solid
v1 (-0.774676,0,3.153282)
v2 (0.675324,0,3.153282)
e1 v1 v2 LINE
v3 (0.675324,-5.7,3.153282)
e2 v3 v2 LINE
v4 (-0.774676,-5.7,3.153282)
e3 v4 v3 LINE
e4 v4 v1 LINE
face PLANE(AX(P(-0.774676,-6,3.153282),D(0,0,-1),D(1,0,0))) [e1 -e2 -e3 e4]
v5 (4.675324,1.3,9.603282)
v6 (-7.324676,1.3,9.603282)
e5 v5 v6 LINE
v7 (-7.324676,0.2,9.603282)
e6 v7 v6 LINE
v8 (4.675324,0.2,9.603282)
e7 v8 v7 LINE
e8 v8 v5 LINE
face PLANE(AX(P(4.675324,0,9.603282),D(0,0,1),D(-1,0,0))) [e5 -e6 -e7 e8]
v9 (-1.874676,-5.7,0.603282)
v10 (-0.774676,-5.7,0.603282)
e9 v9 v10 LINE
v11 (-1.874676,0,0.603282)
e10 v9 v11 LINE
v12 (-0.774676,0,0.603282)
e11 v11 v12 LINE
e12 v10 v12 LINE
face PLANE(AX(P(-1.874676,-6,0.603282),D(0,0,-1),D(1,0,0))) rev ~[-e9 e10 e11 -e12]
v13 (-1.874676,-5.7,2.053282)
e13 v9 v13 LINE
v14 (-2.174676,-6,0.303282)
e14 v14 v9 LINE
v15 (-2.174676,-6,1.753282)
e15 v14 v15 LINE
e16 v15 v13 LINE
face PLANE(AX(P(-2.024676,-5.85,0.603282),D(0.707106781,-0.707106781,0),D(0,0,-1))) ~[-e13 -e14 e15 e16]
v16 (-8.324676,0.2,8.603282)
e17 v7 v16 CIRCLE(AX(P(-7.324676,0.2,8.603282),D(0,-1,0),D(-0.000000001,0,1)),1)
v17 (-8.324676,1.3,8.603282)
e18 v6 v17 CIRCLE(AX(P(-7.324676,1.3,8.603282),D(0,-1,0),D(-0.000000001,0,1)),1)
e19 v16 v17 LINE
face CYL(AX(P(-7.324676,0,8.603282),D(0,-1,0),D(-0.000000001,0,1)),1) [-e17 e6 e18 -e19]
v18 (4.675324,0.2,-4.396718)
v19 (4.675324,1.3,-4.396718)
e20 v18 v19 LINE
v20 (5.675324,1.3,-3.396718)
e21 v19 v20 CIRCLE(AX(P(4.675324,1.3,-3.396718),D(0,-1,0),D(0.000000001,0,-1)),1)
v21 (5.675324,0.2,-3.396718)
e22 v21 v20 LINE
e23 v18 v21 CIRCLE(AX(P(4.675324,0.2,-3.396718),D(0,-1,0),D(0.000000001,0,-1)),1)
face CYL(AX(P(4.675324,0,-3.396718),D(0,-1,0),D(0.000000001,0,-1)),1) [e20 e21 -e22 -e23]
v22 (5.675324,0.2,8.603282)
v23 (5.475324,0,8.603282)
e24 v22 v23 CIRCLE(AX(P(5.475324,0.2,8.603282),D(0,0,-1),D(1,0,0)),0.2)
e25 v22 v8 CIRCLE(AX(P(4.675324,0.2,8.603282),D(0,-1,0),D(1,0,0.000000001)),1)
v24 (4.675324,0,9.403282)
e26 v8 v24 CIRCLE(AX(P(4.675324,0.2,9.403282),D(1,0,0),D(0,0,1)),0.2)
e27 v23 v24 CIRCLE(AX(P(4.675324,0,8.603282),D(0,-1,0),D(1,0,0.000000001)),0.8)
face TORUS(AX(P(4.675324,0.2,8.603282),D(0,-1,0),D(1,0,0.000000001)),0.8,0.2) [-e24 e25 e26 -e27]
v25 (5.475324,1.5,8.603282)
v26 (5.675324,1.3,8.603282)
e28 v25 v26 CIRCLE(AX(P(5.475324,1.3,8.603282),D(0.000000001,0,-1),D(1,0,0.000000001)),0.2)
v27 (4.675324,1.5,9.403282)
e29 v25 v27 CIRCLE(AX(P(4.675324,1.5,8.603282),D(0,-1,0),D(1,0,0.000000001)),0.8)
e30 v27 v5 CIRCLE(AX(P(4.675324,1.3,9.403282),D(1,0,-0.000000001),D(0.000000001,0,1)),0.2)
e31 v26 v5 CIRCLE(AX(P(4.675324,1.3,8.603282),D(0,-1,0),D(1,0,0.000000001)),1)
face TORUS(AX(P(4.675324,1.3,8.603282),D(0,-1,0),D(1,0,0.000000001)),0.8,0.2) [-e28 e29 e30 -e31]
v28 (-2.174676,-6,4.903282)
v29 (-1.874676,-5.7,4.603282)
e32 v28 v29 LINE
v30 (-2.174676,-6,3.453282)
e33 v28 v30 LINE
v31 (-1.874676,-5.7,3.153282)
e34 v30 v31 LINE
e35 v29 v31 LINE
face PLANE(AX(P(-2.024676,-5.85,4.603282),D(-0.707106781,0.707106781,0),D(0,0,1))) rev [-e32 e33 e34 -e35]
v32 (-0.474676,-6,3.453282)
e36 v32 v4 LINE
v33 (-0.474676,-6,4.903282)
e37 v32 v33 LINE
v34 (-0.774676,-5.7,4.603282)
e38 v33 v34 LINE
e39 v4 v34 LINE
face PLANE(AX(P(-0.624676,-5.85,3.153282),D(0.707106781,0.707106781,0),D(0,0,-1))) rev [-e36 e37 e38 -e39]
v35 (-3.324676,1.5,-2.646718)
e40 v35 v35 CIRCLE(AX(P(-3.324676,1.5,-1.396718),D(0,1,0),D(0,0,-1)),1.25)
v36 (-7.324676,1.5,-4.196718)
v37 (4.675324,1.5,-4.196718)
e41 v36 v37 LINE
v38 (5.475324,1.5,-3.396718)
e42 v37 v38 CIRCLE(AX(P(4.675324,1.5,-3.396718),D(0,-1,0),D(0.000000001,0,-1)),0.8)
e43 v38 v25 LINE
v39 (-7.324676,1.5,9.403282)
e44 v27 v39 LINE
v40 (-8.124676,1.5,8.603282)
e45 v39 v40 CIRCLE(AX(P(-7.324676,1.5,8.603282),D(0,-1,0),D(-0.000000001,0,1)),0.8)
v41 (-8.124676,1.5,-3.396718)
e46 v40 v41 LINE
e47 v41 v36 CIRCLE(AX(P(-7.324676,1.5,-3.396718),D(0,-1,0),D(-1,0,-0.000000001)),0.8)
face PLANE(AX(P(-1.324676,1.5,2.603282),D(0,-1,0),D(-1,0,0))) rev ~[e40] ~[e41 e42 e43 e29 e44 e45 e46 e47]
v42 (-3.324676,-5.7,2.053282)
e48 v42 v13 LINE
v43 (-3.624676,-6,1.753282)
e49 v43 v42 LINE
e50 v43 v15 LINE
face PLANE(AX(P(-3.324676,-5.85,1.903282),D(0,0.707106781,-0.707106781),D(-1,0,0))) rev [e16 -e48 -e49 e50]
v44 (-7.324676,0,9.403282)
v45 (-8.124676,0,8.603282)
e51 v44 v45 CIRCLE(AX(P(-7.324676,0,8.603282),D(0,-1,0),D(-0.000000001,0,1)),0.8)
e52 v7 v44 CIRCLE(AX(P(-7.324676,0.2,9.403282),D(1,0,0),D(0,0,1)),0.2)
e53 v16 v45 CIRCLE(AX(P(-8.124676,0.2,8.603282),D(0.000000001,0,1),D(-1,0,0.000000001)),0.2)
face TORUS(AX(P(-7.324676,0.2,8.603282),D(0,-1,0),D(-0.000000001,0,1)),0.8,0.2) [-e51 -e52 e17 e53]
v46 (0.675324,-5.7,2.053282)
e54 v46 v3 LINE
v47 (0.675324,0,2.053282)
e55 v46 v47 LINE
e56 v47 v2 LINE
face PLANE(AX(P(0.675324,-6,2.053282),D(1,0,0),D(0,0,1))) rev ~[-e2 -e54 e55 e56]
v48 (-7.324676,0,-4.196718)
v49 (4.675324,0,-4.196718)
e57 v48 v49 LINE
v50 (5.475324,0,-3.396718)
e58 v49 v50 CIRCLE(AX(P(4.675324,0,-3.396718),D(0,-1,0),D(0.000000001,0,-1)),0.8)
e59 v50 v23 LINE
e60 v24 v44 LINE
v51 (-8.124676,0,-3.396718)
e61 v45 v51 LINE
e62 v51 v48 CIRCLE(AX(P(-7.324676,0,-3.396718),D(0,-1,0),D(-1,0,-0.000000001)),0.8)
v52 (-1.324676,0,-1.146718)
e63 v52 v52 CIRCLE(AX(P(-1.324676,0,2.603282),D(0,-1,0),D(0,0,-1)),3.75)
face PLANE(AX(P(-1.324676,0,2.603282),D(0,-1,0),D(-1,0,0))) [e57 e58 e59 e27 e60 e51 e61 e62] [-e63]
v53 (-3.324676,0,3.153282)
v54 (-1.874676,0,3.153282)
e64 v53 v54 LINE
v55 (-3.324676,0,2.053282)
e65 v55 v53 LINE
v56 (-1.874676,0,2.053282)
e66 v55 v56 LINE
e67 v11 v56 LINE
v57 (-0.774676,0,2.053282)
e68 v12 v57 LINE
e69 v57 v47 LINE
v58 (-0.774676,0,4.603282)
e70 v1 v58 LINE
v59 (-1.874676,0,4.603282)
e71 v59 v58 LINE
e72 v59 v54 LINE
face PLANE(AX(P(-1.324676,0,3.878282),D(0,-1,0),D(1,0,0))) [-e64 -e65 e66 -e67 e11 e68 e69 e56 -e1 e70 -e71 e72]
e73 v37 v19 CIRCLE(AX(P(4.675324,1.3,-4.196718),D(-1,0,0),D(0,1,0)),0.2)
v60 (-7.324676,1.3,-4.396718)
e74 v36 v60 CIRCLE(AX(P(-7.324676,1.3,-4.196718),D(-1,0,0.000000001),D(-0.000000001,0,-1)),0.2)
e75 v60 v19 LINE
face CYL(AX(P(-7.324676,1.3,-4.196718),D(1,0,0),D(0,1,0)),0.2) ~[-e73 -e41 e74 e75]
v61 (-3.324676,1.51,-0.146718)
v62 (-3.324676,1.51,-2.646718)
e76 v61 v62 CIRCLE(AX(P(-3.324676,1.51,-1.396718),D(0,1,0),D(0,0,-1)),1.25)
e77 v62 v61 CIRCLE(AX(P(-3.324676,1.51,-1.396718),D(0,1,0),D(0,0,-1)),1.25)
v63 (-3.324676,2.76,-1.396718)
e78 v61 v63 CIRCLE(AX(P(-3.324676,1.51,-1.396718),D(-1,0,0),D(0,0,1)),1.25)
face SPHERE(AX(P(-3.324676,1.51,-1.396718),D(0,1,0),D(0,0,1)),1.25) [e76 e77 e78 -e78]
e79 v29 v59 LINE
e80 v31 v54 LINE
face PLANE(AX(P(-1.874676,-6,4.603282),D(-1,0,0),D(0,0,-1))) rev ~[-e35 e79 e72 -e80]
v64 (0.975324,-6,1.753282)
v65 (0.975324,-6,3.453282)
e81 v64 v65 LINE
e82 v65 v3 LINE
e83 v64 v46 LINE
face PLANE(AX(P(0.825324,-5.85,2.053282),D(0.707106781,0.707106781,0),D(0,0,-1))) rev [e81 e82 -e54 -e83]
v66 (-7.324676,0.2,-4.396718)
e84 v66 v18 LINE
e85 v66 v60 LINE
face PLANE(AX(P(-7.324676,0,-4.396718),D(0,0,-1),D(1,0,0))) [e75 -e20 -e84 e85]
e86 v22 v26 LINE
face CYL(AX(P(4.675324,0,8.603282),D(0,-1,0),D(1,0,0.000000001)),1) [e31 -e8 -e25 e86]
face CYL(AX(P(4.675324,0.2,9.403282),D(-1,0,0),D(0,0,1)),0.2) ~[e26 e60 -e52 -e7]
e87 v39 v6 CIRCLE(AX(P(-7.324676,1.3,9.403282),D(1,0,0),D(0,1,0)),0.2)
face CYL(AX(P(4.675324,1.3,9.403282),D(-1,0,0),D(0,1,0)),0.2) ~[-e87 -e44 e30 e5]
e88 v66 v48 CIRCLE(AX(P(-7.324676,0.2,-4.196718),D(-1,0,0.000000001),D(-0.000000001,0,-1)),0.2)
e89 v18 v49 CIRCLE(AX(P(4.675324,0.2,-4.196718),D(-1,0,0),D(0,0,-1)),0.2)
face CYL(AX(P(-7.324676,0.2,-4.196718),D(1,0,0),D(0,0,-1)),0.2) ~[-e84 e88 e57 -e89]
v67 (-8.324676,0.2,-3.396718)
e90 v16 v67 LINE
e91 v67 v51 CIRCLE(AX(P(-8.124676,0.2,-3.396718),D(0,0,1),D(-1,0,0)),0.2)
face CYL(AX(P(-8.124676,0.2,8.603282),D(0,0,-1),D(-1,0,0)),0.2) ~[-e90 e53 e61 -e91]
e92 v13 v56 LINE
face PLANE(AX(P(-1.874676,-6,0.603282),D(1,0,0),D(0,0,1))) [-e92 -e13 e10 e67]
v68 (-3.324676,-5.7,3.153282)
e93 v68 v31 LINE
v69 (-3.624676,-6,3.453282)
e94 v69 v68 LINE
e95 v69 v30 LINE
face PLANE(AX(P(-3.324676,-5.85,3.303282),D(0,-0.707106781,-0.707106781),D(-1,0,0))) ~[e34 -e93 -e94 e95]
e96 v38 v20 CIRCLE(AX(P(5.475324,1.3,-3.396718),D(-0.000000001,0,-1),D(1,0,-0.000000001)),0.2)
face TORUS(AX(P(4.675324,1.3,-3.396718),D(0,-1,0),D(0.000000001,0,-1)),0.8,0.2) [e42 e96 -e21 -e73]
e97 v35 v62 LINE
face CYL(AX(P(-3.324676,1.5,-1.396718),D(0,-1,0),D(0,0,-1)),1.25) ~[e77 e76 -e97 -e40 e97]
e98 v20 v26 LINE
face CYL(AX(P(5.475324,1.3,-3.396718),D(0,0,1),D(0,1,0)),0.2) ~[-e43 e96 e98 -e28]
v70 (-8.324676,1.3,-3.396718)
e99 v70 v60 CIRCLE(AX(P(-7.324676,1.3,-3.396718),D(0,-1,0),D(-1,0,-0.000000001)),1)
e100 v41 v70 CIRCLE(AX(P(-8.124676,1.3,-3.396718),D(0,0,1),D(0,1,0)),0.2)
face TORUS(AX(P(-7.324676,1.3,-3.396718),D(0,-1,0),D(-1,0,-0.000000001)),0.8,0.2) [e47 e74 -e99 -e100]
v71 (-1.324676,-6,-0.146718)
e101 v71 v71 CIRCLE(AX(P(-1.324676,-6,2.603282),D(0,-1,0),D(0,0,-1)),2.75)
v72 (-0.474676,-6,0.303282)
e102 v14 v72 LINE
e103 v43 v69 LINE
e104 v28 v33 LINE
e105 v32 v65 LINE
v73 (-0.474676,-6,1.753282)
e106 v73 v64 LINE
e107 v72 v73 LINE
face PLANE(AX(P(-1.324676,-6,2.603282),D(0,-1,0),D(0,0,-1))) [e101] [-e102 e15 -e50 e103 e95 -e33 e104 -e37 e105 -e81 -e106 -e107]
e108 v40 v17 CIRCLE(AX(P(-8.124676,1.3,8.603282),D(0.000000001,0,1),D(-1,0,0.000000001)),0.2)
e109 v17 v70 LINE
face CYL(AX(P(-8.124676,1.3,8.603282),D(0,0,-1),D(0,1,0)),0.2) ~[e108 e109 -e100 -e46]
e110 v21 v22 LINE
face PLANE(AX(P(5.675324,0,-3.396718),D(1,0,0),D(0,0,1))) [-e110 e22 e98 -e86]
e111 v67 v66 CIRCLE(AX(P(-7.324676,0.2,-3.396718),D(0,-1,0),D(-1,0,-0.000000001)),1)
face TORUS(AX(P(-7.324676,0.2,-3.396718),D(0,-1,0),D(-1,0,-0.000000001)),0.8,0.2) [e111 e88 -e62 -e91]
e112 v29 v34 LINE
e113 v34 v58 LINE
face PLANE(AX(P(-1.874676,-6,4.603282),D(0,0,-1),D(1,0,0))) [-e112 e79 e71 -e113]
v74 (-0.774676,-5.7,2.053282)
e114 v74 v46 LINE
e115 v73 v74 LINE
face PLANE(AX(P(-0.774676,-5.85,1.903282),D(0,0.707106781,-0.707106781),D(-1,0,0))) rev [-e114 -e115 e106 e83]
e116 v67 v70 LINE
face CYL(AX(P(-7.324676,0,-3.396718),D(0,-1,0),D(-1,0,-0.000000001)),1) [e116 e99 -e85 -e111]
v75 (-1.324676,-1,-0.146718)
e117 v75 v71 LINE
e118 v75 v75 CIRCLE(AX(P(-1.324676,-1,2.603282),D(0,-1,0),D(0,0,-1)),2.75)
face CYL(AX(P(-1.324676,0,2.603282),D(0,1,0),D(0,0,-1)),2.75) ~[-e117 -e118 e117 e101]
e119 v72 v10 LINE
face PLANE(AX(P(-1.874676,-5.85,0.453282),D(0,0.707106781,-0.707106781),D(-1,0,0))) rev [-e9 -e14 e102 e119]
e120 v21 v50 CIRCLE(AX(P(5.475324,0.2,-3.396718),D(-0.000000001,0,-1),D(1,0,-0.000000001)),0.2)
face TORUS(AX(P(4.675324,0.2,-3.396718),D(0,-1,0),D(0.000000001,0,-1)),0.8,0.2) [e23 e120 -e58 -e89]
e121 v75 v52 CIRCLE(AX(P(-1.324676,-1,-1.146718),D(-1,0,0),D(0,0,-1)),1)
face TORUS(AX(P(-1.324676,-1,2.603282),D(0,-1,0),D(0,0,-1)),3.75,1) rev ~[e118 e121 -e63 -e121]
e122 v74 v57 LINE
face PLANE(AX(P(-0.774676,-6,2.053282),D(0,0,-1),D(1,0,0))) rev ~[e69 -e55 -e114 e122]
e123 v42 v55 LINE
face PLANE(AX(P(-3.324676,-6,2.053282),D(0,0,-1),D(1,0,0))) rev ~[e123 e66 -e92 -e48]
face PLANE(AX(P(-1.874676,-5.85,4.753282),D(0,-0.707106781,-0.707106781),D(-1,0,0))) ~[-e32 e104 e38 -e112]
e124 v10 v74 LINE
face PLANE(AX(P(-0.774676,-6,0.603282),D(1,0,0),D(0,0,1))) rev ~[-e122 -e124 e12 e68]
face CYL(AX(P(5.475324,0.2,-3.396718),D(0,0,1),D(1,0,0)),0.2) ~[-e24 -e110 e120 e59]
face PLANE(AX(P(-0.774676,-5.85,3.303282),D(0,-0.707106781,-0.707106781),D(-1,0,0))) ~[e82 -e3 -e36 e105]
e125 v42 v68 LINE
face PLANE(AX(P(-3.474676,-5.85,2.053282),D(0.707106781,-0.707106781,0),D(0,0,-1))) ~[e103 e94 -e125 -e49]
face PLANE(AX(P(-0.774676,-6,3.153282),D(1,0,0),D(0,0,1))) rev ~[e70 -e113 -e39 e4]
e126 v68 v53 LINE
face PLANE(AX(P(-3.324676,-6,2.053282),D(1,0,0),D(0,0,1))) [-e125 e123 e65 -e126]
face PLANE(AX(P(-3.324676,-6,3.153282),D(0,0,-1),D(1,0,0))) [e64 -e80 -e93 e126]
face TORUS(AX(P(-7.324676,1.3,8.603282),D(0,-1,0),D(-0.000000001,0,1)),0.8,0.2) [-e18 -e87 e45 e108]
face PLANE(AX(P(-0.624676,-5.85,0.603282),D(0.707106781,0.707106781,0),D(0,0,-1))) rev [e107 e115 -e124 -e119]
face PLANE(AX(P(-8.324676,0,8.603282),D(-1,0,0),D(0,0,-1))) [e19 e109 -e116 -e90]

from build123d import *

# Parameters (mm, degrees)
BOSS_EXTRUDE1_DEPTH = 1.5
SKETCH2_R           = 2.75
BOSS_EXTRUDE2_DEPTH = 6
SKETCH3_W           = 1.1
SKETCH3_H           = 1.45
SKETCH3_W_2         = 1.45
SKETCH3_H_2         = 1.1
CUT_EXTRUDE1_DEPTH  = 6
CHAMFER1_SIZE       = 0.3
FILLET1_R           = 1
SKETCH4_R           = 1.25
BOSS_EXTRUDE3_DEPTH = 0.01
DOME1_FACE_RADIUS   = 1.25
DOME1_HEIGHT        = 1.25
FILLET3_R           = 0.2


with BuildPart() as part:
    # Sketch1 → Boss-Extrude1 (new body)
    with BuildSketch(Plane(origin=(0, 0, 0), x_dir=(1, 0, 0), z_dir=(0, 1, 0))):
        with BuildLine():
            Line((-7.324675649, 4.396717546), (4.675324351, 4.396717546))
            ThreePointArc((4.675324351, 4.396717546), (5.382431132, 4.103824327), (5.675324351, 3.396717546))
            Line((5.675324351, 3.396717546), (5.675324351, -8.603282454))
            ThreePointArc((5.675324351, -8.603282454), (5.382431132, -9.310389235), (4.675324351, -9.603282454))
            Line((4.675324351, -9.603282454), (-7.324675649, -9.603282454))
            ThreePointArc((-7.324675649, -9.603282454), (-8.03178243, -9.310389235), (-8.324675649, -8.603282454))
            Line((-8.324675649, -8.603282454), (-8.324675649, 3.396717546))
            ThreePointArc((-8.324675649, 3.396717546), (-8.03178243, 4.103824327), (-7.324675649, 4.396717546))
        make_face()
    extrude(amount=BOSS_EXTRUDE1_DEPTH)

    # Sketch2 → Boss-Extrude2 (add)
    with BuildSketch(Plane.XZ):
        with Locations(Location((-1.324675649, 2.603282454, 0), (0, 0, 270))):
            Circle(SKETCH2_R)
    extrude(amount=BOSS_EXTRUDE2_DEPTH)

    # Sketch3 → Cut-Extrude1 (cut)
    with BuildSketch(Plane.XZ.offset(6)):
        with Locations((-1.324675649, 3.878282454)):
            Rectangle(SKETCH3_W, SKETCH3_H)
        with Locations((-0.049675649, 2.603282454)):
            Rectangle(SKETCH3_W_2, SKETCH3_H_2)
        with Locations((-1.324675649, 2.603282454)):
            Rectangle(SKETCH3_W, SKETCH3_H_2)
        with Locations((-2.599675649, 2.603282454)):
            Rectangle(SKETCH3_W_2, SKETCH3_H_2)
        with Locations((-1.324675649, 1.328282454)):
            Rectangle(SKETCH3_W, SKETCH3_H)
    extrude(amount=-CUT_EXTRUDE1_DEPTH, mode=Mode.SUBTRACT)

    # Chamfer1
    chamfer1_edges = [part.edges().sort_by_distance(p)[0] for p in [
        (-0.774675649, -6, 3.878282454),
        (-0.049675649, -6, 3.153282454),
        (0.675324351, -6, 2.603282454),
        (-0.774675649, -6, 1.328282454),
        (-2.599675649, -6, 3.153282454),
        (-1.324675649, -6, 4.603282454),
        (-1.874675649, -6, 3.878282454),
        (-3.324675649, -6, 2.603282454),
        (-2.599675649, -6, 2.053282454),
        (-1.874675649, -6, 1.328282454),
        (-1.324675649, -6, 0.603282454),
        (-0.049675649, -6, 2.053282454),
    ]]
    chamfer(chamfer1_edges, length=CHAMFER1_SIZE)

    # Fillet1
    fillet1_edges = [part.edges().sort_by_distance(p)[0] for p in [
        (-1.324675649, 0, 5.353282454),
    ]]
    fillet(fillet1_edges, radius=FILLET1_R)

    # Sketch4 → Boss-Extrude3 (add)
    with BuildSketch(Plane(origin=(0, 1.5, 0), x_dir=(1, 0, 0), z_dir=(0, 1, 0))):
        with Locations(Location((-3.324675649, 1.396717546, 0), (0, 0, 90))):
            Circle(SKETCH4_R)
    extrude(amount=BOSS_EXTRUDE3_DEPTH)

    # Dome1: a dome of height H over a round flat face of radius A is a cap of a sphere of radius (A * A + H * H) / (2 * H)
    dome1_r = (DOME1_FACE_RADIUS * DOME1_FACE_RADIUS + DOME1_HEIGHT * DOME1_HEIGHT) / (2 * DOME1_HEIGHT)
    dome1_base = Plane((-3.324675649, 1.51, -1.396717546), z_dir=(0, 1, 0))
    with Locations(dome1_base.offset(DOME1_HEIGHT - dome1_r)):
        dome1_ball = Sphere(dome1_r, mode=Mode.PRIVATE)
    add(split(dome1_ball, bisect_by=dome1_base, keep=Keep.TOP, mode=Mode.PRIVATE))

    # Fillet3
    fillet3_edges = [part.edges().sort_by_distance(p)[0] for p in [
        (5.382431132, 1.5, 9.310389235),
        (-1.324675649, 0, 9.603282454),
        (-8.03178243, 0, 9.310389235),
        (5.675324351, 1.5, 2.603282454),
        (5.382431132, 1.5, -4.103824327),
        (-1.324675649, 1.5, -4.396717546),
        (-8.03178243, 1.5, -4.103824327),
        (-8.324675649, 1.5, 2.603282454),
        (-8.03178243, 1.5, 9.310389235),
        (-1.324675649, 1.5, 9.603282454),
        (-8.324675649, 0, 2.603282454),
        (-8.03178243, 0, -4.103824327),
        (-1.324675649, 0, -4.396717546),
        (5.382431132, 0, -4.103824327),
        (5.675324351, 0, 2.603282454),
        (5.382431132, 0, 9.310389235),
    ]]
    fillet(fillet3_edges, radius=FILLET3_R)


solid = part.part
